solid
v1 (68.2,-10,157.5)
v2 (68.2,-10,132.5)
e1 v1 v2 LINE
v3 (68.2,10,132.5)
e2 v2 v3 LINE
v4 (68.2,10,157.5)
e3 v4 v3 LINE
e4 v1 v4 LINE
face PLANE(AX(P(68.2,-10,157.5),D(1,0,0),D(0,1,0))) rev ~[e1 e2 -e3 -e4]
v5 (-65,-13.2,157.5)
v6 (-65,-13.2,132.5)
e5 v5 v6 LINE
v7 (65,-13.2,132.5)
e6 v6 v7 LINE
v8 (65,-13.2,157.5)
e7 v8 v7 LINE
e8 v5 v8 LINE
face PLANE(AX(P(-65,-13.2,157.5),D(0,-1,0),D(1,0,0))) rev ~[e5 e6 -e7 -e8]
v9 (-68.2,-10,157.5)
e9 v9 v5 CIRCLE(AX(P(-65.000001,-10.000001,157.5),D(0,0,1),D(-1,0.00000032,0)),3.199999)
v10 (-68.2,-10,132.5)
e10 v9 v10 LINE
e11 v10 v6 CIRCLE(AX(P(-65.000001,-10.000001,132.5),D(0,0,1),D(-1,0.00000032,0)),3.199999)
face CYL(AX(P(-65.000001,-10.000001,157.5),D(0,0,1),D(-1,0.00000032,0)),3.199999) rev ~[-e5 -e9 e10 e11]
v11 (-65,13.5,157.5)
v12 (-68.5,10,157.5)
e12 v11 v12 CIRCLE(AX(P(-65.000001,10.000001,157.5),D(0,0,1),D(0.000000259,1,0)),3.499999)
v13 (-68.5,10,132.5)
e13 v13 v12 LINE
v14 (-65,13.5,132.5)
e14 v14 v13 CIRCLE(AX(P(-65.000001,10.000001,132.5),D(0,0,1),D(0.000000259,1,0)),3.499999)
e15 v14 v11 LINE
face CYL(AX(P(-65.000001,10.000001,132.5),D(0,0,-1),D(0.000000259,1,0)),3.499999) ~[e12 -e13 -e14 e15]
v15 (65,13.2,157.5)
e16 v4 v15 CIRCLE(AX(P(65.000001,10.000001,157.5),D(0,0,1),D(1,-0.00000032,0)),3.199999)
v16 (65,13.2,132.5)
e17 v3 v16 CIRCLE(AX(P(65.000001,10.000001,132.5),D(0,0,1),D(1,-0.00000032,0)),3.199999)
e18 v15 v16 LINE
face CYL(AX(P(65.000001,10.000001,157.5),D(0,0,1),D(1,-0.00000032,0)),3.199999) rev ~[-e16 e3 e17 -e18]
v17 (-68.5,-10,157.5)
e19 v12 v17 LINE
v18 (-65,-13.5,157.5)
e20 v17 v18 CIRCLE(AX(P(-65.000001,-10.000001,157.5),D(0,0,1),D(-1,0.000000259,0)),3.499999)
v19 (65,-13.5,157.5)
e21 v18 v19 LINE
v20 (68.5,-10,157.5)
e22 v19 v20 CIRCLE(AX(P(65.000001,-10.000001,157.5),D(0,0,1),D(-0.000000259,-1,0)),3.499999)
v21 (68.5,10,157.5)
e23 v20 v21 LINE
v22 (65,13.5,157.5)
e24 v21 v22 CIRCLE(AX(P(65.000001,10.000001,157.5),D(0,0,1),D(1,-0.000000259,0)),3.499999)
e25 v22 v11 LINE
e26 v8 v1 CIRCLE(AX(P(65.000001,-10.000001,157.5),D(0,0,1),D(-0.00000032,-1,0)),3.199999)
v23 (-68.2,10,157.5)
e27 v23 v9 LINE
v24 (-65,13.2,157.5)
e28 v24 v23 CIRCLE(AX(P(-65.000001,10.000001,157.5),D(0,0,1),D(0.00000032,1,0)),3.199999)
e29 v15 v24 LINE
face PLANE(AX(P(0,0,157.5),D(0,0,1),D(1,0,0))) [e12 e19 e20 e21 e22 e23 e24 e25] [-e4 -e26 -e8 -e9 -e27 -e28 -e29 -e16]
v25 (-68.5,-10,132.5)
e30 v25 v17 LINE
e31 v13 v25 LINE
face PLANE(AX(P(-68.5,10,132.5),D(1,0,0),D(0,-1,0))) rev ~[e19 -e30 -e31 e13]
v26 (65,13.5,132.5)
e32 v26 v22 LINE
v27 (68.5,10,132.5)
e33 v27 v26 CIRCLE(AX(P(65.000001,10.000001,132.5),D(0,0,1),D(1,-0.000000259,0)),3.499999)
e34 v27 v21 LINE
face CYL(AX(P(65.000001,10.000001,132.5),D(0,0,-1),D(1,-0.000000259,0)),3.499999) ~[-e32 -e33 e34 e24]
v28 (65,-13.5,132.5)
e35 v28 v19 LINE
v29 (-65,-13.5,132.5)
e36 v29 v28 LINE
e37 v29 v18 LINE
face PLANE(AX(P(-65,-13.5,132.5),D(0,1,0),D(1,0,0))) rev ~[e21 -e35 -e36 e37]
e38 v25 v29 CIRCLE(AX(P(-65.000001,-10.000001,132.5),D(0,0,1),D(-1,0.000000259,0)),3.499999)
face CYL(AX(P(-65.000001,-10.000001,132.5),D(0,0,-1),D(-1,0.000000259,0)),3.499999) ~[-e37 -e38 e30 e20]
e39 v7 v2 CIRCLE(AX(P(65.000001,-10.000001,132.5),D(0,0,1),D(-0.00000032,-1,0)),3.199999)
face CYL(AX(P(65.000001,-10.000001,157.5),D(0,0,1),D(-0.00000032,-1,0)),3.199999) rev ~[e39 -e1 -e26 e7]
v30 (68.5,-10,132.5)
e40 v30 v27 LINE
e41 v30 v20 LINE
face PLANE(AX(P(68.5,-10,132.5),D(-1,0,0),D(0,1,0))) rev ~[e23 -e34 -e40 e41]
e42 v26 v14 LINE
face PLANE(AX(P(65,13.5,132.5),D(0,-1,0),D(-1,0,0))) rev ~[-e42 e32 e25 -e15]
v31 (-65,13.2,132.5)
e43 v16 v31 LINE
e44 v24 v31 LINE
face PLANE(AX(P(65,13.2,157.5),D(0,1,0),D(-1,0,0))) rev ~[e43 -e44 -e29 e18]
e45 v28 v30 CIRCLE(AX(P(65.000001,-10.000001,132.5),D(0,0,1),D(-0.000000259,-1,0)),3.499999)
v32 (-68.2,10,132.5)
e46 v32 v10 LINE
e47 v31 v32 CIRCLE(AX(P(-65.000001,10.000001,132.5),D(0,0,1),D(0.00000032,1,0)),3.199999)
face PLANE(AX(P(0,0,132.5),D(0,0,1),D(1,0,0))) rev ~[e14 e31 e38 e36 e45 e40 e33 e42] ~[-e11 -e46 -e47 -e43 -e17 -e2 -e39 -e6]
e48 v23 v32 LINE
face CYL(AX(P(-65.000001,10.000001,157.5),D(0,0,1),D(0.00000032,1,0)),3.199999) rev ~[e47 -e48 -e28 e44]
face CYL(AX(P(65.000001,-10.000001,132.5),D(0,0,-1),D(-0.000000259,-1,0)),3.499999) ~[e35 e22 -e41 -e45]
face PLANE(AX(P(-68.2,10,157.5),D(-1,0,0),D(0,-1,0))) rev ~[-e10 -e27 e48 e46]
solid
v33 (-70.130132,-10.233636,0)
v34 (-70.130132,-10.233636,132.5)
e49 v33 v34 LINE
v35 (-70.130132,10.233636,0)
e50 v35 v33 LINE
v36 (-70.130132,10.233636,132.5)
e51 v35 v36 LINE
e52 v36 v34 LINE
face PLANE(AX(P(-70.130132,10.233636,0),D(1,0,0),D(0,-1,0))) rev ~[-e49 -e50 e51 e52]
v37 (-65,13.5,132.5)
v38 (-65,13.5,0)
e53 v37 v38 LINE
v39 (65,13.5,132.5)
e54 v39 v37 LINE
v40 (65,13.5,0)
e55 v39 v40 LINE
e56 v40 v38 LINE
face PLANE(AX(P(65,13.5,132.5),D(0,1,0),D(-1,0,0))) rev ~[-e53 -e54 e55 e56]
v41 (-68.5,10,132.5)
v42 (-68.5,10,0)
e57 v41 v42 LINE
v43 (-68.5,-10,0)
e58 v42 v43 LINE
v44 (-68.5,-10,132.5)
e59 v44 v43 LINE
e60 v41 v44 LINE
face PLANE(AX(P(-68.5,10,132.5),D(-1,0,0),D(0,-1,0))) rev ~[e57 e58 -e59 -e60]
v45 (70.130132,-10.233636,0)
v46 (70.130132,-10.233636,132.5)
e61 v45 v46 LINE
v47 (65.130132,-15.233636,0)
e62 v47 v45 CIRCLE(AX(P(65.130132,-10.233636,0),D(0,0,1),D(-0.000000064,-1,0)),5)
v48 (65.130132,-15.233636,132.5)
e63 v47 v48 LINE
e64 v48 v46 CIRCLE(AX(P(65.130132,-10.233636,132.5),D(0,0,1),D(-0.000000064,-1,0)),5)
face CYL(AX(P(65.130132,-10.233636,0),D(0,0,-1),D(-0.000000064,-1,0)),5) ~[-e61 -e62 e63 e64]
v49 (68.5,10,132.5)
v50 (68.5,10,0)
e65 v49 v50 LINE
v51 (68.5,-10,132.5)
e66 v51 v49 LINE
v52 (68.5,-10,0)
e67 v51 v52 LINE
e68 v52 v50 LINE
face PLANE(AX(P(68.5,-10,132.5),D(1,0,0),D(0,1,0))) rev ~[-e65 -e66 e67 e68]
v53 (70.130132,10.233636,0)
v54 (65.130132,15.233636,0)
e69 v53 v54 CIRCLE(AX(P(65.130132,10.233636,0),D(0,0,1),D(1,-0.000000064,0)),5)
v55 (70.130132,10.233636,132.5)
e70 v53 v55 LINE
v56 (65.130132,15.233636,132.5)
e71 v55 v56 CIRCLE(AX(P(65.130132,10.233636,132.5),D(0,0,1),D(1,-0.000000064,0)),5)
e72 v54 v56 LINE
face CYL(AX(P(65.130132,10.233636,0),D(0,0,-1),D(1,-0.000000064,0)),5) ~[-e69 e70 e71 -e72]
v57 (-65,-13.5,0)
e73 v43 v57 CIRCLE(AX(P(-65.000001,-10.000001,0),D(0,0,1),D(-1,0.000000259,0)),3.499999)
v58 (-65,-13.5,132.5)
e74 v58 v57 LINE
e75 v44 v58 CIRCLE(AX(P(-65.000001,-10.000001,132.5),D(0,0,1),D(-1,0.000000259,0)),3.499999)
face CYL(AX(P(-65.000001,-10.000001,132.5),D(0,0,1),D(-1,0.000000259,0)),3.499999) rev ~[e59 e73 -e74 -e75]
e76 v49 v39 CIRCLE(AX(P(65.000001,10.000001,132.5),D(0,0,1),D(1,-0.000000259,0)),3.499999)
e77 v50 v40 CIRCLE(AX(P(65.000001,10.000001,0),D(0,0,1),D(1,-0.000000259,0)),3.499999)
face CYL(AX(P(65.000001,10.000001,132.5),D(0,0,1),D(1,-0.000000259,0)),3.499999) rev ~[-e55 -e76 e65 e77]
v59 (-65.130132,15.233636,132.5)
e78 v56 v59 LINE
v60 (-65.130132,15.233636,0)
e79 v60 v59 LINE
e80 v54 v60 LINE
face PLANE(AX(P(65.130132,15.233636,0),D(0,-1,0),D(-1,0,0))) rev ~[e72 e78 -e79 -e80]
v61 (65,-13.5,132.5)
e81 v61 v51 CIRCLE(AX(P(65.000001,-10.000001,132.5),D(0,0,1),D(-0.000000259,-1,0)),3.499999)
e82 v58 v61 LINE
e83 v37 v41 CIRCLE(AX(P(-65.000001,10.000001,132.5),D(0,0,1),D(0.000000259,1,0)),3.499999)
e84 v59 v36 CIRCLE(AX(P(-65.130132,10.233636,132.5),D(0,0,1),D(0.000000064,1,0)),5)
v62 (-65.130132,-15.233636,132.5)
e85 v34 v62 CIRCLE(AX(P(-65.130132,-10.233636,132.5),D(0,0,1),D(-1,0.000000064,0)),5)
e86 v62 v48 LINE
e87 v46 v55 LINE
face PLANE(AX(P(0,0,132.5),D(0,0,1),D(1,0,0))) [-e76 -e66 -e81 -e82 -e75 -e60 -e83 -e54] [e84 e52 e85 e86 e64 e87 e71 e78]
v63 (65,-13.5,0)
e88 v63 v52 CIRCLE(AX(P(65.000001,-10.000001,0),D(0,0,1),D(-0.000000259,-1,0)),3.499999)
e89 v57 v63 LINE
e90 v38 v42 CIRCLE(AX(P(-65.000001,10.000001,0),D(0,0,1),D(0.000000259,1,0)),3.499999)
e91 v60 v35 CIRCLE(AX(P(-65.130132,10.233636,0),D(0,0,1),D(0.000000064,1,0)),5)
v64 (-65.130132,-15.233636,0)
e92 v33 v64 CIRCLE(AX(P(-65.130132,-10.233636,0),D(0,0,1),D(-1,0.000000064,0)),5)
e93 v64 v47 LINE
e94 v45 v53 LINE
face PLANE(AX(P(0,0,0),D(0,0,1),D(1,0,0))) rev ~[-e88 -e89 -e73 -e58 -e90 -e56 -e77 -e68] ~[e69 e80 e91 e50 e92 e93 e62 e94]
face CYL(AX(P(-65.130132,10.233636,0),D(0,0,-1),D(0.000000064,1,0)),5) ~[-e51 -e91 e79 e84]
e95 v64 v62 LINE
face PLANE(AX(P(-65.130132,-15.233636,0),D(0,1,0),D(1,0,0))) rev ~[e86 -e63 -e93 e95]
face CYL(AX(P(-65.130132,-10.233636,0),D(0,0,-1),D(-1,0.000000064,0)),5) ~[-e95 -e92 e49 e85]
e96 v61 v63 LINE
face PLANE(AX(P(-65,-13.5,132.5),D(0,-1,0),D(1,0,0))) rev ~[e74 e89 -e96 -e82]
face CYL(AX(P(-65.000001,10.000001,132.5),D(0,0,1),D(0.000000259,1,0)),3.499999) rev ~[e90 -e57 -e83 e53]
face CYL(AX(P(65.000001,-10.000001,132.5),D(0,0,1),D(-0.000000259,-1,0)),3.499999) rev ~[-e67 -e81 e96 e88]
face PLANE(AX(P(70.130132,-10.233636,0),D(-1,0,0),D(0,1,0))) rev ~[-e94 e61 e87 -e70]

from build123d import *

# Parameters (mm, degrees)
F1_DEPTH = 132.5
F3_DEPTH = 132.5
F4_DEPTH = 25
F6_DEPTH = 25


with BuildPart() as f1:
    # F0 (on Top) → F1 (new body)
    with BuildSketch(Plane.XY):
        with BuildLine():
            ThreePointArc((70.130132, 10.233636), (68.665666, 13.76917), (65.130132, 15.233636))
            Line((65.130132, 15.233636), (-65.130132, 15.233636))
            ThreePointArc((-65.130132, 15.233636), (-68.665666, 13.76917), (-70.130132, 10.233636))
            Line((-70.130132, 10.233636), (-70.130132, -10.233636))
            ThreePointArc((-70.130132, -10.233636), (-68.665666, -13.76917), (-65.130132, -15.233636))
            Line((-65.130132, -15.233636), (65.130132, -15.233636))
            ThreePointArc((65.130132, -15.233636), (68.665666, -13.76917), (70.130132, -10.233636))
            Line((70.130132, -10.233636), (70.130132, 10.233636))
        make_face()
    extrude(amount=F1_DEPTH)

    # F2 (on face) → F3 (cut, through all)
    with BuildSketch(Plane.XY.offset(132.5)):
        with BuildLine():
            Line((65, 13.5), (-65, 13.5))
            ThreePointArc((-65, 13.5), (-67.474874, 12.474874), (-68.5, 10))
            Line((-68.5, 10), (-68.5, -10))
            ThreePointArc((-68.5, -10), (-67.474874, -12.474874), (-65, -13.5))
            Line((-65, -13.5), (65, -13.5))
            ThreePointArc((65, -13.5), (67.474874, -12.474874), (68.5, -10))
            Line((68.5, -10), (68.5, 10))
            ThreePointArc((68.5, 10), (67.474874, 12.474874), (65, 13.5))
        make_face()
    extrude(amount=-F3_DEPTH, mode=Mode.SUBTRACT)


with BuildPart() as f4:
    # F2 (on face) → F4 (new body)
    with BuildSketch(Plane.XY.offset(132.5)):
        with BuildLine():
            Line((65, 13.5), (-65, 13.5))
            ThreePointArc((-65, 13.5), (-67.474874, 12.474874), (-68.5, 10))
            Line((-68.5, 10), (-68.5, -10))
            ThreePointArc((-68.5, -10), (-67.474874, -12.474874), (-65, -13.5))
            Line((-65, -13.5), (65, -13.5))
            ThreePointArc((65, -13.5), (67.474874, -12.474874), (68.5, -10))
            Line((68.5, -10), (68.5, 10))
            ThreePointArc((68.5, 10), (67.474874, 12.474874), (65, 13.5))
        make_face()
    extrude(amount=F4_DEPTH)

    # F5 (on face) → F6 (cut, through all)
    with BuildSketch(Plane.XY.offset(157.5)):
        with BuildLine():
            ThreePointArc((-65, 13.2), (-67.262742, 12.262742), (-68.2, 10))
            Line((-68.2, 10), (-68.2, -10))
            ThreePointArc((-68.2, -10), (-67.262742, -12.262742), (-65, -13.2))
            Line((-65, -13.2), (65, -13.2))
            ThreePointArc((65, -13.2), (67.262742, -12.262742), (68.2, -10))
            Line((68.2, -10), (68.2, 10))
            ThreePointArc((68.2, 10), (67.262742, 12.262742), (65, 13.2))
            Line((65, 13.2), (-65, 13.2))
        make_face()
    extrude(amount=-F6_DEPTH, mode=Mode.SUBTRACT)


solid = Compound([f1.part, f4.part])
